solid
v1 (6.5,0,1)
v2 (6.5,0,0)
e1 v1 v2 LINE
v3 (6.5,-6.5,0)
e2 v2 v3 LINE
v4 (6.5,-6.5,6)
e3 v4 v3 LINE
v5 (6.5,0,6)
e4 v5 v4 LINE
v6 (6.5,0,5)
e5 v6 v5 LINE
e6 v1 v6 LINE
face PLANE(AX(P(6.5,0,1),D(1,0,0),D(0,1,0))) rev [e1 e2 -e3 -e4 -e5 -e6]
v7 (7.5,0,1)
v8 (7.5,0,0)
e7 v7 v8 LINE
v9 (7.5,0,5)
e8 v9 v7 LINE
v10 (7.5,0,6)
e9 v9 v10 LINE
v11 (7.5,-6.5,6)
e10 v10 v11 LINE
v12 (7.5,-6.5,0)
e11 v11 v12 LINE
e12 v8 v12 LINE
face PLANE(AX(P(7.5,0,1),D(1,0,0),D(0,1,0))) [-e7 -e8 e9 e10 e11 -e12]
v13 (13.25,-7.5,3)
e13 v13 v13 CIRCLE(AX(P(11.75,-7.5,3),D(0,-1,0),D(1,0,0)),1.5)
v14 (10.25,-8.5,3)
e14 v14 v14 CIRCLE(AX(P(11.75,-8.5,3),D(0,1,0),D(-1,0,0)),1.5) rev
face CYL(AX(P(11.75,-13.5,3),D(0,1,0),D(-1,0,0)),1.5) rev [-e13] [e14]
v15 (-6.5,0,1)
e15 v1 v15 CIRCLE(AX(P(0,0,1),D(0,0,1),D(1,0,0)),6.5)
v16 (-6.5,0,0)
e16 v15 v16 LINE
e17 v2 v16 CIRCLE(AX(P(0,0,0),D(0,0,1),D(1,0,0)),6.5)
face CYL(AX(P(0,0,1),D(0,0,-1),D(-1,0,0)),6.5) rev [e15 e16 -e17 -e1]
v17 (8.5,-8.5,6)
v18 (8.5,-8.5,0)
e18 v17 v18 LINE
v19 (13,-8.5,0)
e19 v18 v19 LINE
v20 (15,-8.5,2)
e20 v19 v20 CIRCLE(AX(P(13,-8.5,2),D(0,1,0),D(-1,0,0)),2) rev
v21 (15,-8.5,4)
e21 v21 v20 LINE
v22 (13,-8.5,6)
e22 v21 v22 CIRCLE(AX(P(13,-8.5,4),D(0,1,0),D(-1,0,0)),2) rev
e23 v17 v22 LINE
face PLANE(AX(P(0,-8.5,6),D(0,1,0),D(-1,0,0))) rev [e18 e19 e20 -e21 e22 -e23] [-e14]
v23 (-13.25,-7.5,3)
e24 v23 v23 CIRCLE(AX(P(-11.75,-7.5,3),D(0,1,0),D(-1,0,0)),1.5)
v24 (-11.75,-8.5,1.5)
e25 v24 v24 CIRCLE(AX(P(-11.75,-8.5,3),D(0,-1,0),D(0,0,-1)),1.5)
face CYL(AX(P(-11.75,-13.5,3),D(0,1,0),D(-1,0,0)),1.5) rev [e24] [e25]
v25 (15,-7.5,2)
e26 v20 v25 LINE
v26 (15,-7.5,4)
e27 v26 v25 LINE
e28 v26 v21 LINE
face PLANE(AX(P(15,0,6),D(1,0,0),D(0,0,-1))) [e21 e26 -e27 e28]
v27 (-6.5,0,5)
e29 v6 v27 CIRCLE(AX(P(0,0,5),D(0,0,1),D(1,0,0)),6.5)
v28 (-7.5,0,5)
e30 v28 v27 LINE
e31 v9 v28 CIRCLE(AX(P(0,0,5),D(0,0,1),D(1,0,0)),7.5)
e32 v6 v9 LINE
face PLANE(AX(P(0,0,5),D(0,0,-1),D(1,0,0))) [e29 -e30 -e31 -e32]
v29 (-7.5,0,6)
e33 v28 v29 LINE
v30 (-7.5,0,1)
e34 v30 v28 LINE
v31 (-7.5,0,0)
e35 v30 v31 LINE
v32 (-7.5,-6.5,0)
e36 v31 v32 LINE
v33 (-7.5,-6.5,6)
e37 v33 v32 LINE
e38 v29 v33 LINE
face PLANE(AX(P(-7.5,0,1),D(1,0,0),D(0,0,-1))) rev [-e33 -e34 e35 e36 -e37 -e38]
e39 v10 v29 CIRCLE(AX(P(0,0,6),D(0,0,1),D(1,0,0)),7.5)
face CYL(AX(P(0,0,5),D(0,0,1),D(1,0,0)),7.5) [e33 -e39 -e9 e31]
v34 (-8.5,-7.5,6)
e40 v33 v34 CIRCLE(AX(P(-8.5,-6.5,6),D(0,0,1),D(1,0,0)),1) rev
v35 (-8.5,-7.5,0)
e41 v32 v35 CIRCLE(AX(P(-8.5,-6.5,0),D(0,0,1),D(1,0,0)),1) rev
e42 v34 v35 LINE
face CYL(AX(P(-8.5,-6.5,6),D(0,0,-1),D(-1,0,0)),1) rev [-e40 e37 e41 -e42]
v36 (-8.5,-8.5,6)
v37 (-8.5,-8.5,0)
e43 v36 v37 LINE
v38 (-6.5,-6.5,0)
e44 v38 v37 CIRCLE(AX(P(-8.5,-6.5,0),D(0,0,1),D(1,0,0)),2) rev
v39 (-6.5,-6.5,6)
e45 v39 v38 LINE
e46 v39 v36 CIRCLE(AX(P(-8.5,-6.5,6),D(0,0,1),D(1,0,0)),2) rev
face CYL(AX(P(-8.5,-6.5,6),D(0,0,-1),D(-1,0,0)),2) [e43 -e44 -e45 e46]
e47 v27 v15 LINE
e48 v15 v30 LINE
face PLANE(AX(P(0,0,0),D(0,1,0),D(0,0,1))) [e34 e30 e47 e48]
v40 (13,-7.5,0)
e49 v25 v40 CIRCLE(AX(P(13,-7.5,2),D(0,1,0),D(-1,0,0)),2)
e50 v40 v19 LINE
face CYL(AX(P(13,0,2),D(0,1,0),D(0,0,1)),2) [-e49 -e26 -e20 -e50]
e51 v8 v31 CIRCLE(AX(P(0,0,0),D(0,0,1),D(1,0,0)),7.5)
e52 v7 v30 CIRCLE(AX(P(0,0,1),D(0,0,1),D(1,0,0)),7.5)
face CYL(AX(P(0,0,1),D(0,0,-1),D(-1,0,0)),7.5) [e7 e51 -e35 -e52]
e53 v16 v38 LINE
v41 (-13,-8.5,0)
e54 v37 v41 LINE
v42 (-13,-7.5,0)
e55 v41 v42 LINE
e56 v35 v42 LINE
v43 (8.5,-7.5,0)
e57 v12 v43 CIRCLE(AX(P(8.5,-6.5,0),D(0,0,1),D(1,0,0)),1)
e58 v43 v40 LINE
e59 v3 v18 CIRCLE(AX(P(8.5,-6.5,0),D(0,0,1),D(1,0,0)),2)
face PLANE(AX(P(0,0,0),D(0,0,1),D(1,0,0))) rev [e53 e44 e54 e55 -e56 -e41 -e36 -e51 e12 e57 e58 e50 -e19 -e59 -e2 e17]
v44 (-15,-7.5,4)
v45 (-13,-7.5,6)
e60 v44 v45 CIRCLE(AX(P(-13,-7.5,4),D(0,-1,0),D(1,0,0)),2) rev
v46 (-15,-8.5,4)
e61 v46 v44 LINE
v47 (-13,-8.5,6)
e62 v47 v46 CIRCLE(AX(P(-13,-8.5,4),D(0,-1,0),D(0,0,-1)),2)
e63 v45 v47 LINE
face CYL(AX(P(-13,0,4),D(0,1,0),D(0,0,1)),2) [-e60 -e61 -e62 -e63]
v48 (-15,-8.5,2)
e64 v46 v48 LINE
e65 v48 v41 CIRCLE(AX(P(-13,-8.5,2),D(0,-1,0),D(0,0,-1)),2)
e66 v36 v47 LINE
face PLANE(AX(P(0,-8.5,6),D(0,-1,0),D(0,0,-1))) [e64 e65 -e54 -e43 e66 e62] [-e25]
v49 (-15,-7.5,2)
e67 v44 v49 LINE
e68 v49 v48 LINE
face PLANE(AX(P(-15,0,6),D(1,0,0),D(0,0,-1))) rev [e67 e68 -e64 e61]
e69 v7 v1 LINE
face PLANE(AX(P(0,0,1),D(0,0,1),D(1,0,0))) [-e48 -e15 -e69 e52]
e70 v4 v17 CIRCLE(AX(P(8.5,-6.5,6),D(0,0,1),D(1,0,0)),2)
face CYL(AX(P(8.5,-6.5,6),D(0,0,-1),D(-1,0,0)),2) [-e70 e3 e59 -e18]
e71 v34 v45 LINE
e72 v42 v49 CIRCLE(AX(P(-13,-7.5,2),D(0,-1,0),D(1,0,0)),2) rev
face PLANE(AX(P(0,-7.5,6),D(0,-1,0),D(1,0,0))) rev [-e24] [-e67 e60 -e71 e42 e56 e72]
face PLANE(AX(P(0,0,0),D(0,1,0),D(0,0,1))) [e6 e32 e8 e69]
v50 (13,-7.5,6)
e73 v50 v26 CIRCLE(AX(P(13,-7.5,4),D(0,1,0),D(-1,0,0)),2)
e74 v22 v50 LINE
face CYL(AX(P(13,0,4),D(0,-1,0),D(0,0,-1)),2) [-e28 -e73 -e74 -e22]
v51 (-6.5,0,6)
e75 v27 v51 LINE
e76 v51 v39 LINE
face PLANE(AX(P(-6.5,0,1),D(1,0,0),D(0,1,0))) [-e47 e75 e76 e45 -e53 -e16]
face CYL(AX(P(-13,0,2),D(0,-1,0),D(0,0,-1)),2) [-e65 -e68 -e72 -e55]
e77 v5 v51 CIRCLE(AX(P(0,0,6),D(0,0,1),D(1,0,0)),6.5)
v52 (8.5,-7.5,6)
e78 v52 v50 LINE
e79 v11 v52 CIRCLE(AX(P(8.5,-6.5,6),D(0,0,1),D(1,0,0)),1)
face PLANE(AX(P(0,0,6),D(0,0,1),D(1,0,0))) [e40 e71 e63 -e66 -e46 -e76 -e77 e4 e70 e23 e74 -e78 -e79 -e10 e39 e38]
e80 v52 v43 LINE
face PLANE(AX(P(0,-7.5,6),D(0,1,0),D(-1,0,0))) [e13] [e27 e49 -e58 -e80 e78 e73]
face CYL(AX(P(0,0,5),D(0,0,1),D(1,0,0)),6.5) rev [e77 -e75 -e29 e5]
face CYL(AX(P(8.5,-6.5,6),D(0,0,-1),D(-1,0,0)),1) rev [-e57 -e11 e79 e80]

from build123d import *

# Parameters (mm, degrees)
BOSS_EXTRUDE2_DEPTH = 1
BOSS_EXTRUDE3_DEPTH = 6
SKETCH3_R           = 1.5
CUT_EXTRUDE1_DEPTH  = 6
FILLET1_R           = 2
SKETCH4_W           = 1
SKETCH4_H           = 4
BOSS_EXTRUDE4_DEPTH = 6.5


with BuildPart() as part:
    # Sketch1 → Boss-Extrude2 (new body)
    with BuildSketch(Plane.XY):
        with BuildLine():
            Line((7.5, 0), (7.5, -6.5))
            Line((7.5, -6.5), (6.5, -6.5))
            Line((6.5, -6.5), (6.5, 0))
            ThreePointArc((6.5, 0), (0, 6.5), (-6.5, 0))
            Line((-6.5, 0), (-6.5, -6.5))
            Line((-6.5, -6.5), (-7.5, -6.5))
            Line((-7.5, -6.5), (-7.5, 0))
            ThreePointArc((-7.5, 0), (0, 7.5), (7.5, 0))
        make_face()
    boss_extrude2 = extrude(amount=BOSS_EXTRUDE2_DEPTH)

    # Sketch1<4> → Boss-Extrude3 (add)
    with BuildSketch(Plane.XY):
        with BuildLine():
            Line((-7.5, -6.5), (-6.5, -6.5))
            ThreePointArc((-6.5, -6.5), (-7.085786438, -7.914213562), (-8.5, -8.5))
            Line((-8.5, -8.5), (-15, -8.5))
            Line((-15, -8.5), (-15, -7.5))
            Line((-15, -7.5), (-8.5, -7.5))
            ThreePointArc((-8.5, -7.5), (-7.792893219, -7.207106781), (-7.5, -6.5))
        make_face()
        with BuildLine():
            Line((6.5, -6.5), (7.5, -6.5))
            ThreePointArc((7.5, -6.5), (7.792893219, -7.207106781), (8.5, -7.5))
            Line((8.5, -7.5), (15, -7.5))
            Line((15, -7.5), (15, -8.5))
            Line((15, -8.5), (8.5, -8.5))
            ThreePointArc((8.5, -8.5), (7.085786438, -7.914213562), (6.5, -6.5))
        make_face()
    extrude(amount=BOSS_EXTRUDE3_DEPTH)

    # Mirror1: Boss-Extrude2 across plane
    add(boss_extrude2.mirror(Plane.XY.offset(3)))

    # Sketch3 → Cut-Extrude1 (cut)
    with BuildSketch(Plane(origin=(0, -7.5, 0), x_dir=(1, 0, 0), z_dir=(0, 1, 0))):
        with Locations(Location((-11.75, -3, 0), (0, 0, 180))):
            Circle(SKETCH3_R)
    cut_extrude1 = extrude(amount=-CUT_EXTRUDE1_DEPTH, mode=Mode.SUBTRACT)

    # Mirror2: Cut-Extrude1 across plane
    add(cut_extrude1.mirror(Plane.ZY), mode=Mode.SUBTRACT)

    # Fillet1
    fillet1_edges = [part.edges().sort_by_distance(p)[0] for p in [
        (-15, -8, 0),
        (-15, -8, 6),
        (15, -8, 6),
        (15, -8, 0),
    ]]
    fillet(fillet1_edges, radius=FILLET1_R)

    # Sketch4 → Boss-Extrude4 (add)
    with BuildSketch(Plane(origin=(0, -6.5, 0), x_dir=(1, 0, 0), z_dir=(0, 1, 0))):
        with Locations((7, -3)):
            Rectangle(SKETCH4_W, SKETCH4_H)
        with Locations((-7, -3)):
            Rectangle(SKETCH4_W, SKETCH4_H)
    extrude(amount=BOSS_EXTRUDE4_DEPTH)


solid = part.part
